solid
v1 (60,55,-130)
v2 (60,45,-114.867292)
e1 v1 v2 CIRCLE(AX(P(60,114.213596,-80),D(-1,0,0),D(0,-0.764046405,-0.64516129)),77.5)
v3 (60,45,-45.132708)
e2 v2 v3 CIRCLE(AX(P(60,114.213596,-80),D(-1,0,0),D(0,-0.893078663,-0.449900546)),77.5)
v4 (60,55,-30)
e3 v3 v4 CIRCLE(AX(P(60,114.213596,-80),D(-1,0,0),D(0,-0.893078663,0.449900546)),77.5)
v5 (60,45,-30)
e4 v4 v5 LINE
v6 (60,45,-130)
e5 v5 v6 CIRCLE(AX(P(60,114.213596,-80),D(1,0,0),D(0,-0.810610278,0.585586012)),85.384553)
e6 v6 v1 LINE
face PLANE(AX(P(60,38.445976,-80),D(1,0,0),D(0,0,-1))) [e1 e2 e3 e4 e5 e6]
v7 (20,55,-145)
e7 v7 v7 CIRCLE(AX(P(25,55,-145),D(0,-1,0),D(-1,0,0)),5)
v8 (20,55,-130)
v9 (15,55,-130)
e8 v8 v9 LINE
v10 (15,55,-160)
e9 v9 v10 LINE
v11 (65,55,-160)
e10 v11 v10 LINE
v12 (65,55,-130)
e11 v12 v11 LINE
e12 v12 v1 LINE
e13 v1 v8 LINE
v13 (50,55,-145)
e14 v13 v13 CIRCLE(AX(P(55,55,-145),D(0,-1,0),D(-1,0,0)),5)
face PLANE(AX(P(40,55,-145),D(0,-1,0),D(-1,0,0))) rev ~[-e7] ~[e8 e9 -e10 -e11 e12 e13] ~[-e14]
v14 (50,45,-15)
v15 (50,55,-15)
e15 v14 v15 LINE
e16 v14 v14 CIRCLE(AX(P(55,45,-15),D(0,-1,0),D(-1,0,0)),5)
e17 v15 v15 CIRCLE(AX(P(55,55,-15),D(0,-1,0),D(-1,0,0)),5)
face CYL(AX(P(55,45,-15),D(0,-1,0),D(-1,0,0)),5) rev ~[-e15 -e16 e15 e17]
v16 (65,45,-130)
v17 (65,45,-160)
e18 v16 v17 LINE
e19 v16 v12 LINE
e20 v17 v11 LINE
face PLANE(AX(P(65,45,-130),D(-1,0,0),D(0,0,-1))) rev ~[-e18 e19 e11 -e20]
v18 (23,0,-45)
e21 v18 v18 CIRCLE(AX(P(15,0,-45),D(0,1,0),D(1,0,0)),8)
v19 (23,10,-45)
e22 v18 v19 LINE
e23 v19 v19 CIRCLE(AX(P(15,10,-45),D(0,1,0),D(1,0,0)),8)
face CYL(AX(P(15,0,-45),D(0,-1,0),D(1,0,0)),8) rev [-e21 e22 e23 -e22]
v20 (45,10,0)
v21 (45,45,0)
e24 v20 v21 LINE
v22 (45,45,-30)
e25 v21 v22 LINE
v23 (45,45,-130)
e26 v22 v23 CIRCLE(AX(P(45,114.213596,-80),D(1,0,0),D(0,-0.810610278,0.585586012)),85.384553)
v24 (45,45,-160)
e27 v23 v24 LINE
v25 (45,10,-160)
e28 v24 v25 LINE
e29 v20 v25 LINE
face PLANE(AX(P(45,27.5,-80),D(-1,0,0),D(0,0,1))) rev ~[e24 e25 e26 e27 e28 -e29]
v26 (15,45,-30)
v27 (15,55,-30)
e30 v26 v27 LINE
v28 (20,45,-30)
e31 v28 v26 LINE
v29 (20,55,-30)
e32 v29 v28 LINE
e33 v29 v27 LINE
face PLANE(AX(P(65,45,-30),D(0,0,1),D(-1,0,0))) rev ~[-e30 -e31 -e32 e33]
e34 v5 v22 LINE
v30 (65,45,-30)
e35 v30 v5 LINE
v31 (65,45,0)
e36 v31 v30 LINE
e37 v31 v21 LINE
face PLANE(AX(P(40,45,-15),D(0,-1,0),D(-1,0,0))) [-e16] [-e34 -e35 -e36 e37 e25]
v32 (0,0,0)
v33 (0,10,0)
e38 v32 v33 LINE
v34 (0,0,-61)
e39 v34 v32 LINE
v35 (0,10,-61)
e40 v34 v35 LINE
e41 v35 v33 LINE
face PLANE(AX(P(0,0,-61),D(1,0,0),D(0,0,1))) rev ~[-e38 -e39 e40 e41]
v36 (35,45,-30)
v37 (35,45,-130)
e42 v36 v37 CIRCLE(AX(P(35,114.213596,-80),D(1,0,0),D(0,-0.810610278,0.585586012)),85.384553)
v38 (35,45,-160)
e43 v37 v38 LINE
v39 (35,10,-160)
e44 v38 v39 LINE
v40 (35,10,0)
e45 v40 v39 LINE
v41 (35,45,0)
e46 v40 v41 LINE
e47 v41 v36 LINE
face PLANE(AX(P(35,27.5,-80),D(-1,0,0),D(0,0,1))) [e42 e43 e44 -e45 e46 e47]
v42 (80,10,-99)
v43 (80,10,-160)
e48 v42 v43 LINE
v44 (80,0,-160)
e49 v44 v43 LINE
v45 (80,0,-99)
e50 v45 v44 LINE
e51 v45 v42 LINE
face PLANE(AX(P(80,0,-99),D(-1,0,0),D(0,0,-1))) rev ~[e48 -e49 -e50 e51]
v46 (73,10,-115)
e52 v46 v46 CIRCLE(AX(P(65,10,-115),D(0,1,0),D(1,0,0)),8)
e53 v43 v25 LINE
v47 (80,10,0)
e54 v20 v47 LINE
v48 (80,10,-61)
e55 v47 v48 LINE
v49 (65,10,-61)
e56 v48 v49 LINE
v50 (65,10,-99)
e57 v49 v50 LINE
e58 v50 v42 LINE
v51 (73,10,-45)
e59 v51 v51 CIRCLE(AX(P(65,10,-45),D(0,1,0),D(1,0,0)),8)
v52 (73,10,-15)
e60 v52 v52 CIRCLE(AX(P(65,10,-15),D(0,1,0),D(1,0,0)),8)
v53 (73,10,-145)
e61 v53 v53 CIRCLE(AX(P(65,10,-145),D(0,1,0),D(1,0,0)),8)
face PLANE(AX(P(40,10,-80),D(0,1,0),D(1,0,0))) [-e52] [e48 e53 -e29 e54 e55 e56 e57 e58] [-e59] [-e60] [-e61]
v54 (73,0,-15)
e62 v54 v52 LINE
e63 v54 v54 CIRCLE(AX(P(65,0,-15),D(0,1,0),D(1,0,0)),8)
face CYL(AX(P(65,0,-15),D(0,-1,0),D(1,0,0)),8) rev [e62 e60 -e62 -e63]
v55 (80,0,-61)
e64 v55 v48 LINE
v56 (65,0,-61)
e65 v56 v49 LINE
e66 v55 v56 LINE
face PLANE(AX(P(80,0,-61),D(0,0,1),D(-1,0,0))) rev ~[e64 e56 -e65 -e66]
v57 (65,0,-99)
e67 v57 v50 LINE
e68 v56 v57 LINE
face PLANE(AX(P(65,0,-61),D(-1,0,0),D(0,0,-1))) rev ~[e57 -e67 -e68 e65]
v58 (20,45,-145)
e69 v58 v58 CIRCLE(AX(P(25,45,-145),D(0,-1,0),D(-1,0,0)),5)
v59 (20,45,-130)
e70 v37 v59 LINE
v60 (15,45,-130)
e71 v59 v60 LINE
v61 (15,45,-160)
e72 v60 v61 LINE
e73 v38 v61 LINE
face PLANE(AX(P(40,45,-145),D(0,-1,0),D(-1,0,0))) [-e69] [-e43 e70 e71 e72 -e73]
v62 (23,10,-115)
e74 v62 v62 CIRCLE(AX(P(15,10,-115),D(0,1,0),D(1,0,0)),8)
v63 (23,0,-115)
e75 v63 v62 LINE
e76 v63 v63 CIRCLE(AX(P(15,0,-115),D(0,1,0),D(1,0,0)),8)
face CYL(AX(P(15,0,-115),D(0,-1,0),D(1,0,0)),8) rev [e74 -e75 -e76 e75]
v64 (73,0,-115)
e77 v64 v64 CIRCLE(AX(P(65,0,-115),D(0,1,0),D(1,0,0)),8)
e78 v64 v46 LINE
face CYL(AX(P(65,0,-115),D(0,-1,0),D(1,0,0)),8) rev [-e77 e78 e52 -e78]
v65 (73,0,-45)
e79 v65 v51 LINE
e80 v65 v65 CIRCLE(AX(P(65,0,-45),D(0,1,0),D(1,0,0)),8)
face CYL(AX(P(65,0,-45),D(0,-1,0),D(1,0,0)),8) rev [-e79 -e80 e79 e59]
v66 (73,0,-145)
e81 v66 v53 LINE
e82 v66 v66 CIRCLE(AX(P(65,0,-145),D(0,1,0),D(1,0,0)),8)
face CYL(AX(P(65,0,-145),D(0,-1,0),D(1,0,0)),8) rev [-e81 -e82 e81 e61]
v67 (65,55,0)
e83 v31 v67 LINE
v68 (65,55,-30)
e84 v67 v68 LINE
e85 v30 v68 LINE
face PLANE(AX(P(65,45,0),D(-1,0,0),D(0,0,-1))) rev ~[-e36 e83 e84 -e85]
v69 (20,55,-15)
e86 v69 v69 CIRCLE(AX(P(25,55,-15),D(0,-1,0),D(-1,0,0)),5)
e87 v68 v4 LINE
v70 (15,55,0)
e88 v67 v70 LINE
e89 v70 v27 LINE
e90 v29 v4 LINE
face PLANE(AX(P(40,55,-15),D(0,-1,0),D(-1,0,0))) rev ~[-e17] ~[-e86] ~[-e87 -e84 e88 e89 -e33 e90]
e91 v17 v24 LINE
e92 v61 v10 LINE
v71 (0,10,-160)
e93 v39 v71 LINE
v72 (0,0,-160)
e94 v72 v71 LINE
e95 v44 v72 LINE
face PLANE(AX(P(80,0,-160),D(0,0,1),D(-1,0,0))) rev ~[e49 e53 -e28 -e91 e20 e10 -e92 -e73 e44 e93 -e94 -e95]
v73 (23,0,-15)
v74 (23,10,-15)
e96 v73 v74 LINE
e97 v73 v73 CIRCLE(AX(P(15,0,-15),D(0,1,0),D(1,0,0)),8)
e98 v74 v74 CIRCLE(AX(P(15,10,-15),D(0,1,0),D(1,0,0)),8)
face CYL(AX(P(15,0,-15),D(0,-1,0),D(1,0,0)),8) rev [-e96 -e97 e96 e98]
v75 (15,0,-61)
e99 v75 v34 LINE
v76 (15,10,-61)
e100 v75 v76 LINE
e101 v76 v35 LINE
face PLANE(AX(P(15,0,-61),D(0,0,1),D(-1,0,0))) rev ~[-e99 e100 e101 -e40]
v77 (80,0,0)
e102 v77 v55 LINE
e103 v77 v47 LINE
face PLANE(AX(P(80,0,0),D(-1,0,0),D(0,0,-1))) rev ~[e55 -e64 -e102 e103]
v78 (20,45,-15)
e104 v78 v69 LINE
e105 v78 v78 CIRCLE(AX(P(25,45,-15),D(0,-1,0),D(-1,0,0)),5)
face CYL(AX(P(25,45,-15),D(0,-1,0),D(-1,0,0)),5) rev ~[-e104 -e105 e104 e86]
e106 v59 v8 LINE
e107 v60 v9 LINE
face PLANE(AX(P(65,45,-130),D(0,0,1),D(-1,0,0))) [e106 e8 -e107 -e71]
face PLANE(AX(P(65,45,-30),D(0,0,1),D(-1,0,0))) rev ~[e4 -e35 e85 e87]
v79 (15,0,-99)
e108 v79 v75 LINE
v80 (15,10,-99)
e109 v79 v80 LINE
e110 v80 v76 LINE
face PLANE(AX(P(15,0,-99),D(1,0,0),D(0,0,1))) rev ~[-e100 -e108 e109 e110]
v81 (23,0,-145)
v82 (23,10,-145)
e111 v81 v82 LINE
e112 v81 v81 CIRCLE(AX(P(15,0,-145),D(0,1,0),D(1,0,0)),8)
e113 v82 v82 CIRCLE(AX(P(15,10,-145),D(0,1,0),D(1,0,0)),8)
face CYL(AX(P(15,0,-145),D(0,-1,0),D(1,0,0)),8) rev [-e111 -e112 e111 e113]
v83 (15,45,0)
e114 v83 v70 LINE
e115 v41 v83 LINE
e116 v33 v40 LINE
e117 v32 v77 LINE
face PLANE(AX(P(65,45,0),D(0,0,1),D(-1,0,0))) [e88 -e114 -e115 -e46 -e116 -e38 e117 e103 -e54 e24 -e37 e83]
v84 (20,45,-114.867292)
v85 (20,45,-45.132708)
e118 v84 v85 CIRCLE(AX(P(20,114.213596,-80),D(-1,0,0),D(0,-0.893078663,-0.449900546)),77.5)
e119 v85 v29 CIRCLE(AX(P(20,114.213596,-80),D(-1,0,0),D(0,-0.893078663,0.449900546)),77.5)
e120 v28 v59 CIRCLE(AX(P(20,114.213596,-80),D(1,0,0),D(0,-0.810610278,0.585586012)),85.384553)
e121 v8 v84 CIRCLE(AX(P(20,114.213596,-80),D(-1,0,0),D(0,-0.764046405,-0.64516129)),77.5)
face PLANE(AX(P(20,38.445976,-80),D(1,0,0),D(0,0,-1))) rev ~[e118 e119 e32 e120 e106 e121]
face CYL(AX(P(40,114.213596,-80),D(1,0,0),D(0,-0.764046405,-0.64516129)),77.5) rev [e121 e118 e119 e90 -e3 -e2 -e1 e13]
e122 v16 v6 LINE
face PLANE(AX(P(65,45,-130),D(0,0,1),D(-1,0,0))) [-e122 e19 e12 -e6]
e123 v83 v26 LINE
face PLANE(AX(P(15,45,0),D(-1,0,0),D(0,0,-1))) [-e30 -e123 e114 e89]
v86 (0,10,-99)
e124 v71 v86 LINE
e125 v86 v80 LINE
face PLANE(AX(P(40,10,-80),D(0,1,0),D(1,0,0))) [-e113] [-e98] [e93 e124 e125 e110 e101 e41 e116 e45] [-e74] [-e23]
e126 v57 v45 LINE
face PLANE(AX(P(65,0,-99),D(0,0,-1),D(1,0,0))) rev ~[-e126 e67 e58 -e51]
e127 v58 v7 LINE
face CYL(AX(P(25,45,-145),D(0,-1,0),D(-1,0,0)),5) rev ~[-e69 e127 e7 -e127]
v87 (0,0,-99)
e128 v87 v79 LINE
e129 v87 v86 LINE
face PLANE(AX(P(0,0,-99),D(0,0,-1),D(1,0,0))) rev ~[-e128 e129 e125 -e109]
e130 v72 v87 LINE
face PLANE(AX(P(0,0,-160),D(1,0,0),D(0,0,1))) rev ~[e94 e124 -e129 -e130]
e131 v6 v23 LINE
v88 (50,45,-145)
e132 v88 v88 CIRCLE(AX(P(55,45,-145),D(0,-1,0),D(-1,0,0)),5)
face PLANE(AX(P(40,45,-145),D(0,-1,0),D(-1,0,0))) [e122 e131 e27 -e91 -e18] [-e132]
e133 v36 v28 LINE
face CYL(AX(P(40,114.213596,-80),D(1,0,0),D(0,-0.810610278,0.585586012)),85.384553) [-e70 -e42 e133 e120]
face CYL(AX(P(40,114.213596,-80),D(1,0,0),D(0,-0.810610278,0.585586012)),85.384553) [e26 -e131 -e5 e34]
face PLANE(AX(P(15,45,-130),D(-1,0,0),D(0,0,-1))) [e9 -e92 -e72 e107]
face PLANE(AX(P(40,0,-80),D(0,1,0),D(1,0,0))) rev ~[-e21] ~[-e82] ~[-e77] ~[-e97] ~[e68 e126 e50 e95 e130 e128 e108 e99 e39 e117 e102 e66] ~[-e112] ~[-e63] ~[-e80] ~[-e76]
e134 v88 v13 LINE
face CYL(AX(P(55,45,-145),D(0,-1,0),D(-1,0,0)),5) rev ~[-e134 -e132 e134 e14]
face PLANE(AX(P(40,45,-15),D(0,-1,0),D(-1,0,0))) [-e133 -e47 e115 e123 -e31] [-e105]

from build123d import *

# Parameters (mm, degrees)
SKETCH1_R           = 8
BOSS_EXTRUDE1_DEPTH = 10
BOSS_EXTRUDE2_DEPTH = 5
SKETCH7_W           = 50
SKETCH7_H           = 30
SKETCH7_R           = 5
BOSS_EXTRUDE3_DEPTH = 10
BOSS_EXTRUDE5_DEPTH = 20
CUT_EXTRUDE1_DEPTH  = 20


with BuildPart() as part:
    # Sketch1 → Boss-Extrude1 (new body)
    with BuildSketch(Plane(origin=(0, 0, 0), x_dir=(1, 0, 0), z_dir=(0, 1, 0))):
        Polygon((80, 160), (0, 160), (0, 99), (15, 99), (15, 61), (0, 61), (0, 0), (80, 0), (80, 61), (65, 61), (65, 99), (80, 99), align=None)
        with Locations((15, 15)):
            Circle(SKETCH1_R, mode=Mode.SUBTRACT)
        with Locations((15, 45)):
            Circle(SKETCH1_R, mode=Mode.SUBTRACT)
        with Locations((65, 15)):
            Circle(SKETCH1_R, mode=Mode.SUBTRACT)
        with Locations((65, 45)):
            Circle(SKETCH1_R, mode=Mode.SUBTRACT)
        with Locations((15, 115)):
            Circle(SKETCH1_R, mode=Mode.SUBTRACT)
        with Locations((15, 145)):
            Circle(SKETCH1_R, mode=Mode.SUBTRACT)
        with Locations((65, 115)):
            Circle(SKETCH1_R, mode=Mode.SUBTRACT)
        with Locations((65, 145)):
            Circle(SKETCH1_R, mode=Mode.SUBTRACT)
    extrude(amount=BOSS_EXTRUDE1_DEPTH)

    # Sketch2 → Boss-Extrude2 (add, symmetric)
    with BuildSketch(Plane(origin=(40, 0, 0), x_dir=(0, 0, -1), z_dir=(1, 0, 0))):
        Polygon((160, 10), (99, 10), (61, 10), (0, 10), (0, 45), (160, 45), align=None)
    extrude(amount=BOSS_EXTRUDE2_DEPTH, both=True)

    # Sketch7 → Boss-Extrude3 (add)
    with BuildSketch(Plane(origin=(0, 45, 0), x_dir=(-1, 0, 0), z_dir=(0, -1, 0))):
        with Locations((-40, 15)):
            Rectangle(SKETCH7_W, SKETCH7_H)
        with Locations((-55, 15)):
            Circle(SKETCH7_R, mode=Mode.SUBTRACT)
        with Locations((-25, 15)):
            Circle(SKETCH7_R, mode=Mode.SUBTRACT)
        with Locations((-40, 145)):
            Rectangle(SKETCH7_W, SKETCH7_H)
        with Locations((-25, 145)):
            Circle(SKETCH7_R, mode=Mode.SUBTRACT)
        with Locations((-55, 145)):
            Circle(SKETCH7_R, mode=Mode.SUBTRACT)
    extrude(amount=-BOSS_EXTRUDE3_DEPTH)

    # Sketch12 → Boss-Extrude5 (add, symmetric)
    with BuildSketch(Plane(origin=(40, 0, 0), x_dir=(0, 0, -1), z_dir=(1, 0, 0))):
        with BuildLine():
            ThreePointArc((30, 45), (80, 28.829043194), (130, 45))
            Line((130, 45), (114.867292292, 45))
            ThreePointArc((114.867292292, 45), (80, 36.713596412), (45.132707708, 45))
            Line((45.132707708, 45), (30, 45))
        make_face()
        with BuildLine():
            Line((30, 55), (30, 45))
            Line((30, 45), (45.132707708, 45))
            ThreePointArc((45.132707708, 45), (37.272791745, 49.555761041), (30, 55))
        make_face()
        with BuildLine():
            Line((114.867292292, 45), (130, 45))
            Line((130, 45), (130, 55))
            ThreePointArc((130, 55), (122.727208255, 49.555761041), (114.867292292, 45))
        make_face()
    extrude(amount=BOSS_EXTRUDE5_DEPTH, both=True)

    # Sketch10 → Cut-Extrude1 (cut, symmetric)
    with BuildSketch(Plane(origin=(45, 0, 0), x_dir=(0, 0, -1), z_dir=(1, 0, 0))):
        with BuildLine():
            Line((114.867292292, 45), (45.132707708, 45))
            ThreePointArc((45.132707708, 45), (80, 36.713596412), (114.867292292, 45))
        make_face()
    extrude(amount=CUT_EXTRUDE1_DEPTH, both=True, mode=Mode.SUBTRACT)


solid = part.part
